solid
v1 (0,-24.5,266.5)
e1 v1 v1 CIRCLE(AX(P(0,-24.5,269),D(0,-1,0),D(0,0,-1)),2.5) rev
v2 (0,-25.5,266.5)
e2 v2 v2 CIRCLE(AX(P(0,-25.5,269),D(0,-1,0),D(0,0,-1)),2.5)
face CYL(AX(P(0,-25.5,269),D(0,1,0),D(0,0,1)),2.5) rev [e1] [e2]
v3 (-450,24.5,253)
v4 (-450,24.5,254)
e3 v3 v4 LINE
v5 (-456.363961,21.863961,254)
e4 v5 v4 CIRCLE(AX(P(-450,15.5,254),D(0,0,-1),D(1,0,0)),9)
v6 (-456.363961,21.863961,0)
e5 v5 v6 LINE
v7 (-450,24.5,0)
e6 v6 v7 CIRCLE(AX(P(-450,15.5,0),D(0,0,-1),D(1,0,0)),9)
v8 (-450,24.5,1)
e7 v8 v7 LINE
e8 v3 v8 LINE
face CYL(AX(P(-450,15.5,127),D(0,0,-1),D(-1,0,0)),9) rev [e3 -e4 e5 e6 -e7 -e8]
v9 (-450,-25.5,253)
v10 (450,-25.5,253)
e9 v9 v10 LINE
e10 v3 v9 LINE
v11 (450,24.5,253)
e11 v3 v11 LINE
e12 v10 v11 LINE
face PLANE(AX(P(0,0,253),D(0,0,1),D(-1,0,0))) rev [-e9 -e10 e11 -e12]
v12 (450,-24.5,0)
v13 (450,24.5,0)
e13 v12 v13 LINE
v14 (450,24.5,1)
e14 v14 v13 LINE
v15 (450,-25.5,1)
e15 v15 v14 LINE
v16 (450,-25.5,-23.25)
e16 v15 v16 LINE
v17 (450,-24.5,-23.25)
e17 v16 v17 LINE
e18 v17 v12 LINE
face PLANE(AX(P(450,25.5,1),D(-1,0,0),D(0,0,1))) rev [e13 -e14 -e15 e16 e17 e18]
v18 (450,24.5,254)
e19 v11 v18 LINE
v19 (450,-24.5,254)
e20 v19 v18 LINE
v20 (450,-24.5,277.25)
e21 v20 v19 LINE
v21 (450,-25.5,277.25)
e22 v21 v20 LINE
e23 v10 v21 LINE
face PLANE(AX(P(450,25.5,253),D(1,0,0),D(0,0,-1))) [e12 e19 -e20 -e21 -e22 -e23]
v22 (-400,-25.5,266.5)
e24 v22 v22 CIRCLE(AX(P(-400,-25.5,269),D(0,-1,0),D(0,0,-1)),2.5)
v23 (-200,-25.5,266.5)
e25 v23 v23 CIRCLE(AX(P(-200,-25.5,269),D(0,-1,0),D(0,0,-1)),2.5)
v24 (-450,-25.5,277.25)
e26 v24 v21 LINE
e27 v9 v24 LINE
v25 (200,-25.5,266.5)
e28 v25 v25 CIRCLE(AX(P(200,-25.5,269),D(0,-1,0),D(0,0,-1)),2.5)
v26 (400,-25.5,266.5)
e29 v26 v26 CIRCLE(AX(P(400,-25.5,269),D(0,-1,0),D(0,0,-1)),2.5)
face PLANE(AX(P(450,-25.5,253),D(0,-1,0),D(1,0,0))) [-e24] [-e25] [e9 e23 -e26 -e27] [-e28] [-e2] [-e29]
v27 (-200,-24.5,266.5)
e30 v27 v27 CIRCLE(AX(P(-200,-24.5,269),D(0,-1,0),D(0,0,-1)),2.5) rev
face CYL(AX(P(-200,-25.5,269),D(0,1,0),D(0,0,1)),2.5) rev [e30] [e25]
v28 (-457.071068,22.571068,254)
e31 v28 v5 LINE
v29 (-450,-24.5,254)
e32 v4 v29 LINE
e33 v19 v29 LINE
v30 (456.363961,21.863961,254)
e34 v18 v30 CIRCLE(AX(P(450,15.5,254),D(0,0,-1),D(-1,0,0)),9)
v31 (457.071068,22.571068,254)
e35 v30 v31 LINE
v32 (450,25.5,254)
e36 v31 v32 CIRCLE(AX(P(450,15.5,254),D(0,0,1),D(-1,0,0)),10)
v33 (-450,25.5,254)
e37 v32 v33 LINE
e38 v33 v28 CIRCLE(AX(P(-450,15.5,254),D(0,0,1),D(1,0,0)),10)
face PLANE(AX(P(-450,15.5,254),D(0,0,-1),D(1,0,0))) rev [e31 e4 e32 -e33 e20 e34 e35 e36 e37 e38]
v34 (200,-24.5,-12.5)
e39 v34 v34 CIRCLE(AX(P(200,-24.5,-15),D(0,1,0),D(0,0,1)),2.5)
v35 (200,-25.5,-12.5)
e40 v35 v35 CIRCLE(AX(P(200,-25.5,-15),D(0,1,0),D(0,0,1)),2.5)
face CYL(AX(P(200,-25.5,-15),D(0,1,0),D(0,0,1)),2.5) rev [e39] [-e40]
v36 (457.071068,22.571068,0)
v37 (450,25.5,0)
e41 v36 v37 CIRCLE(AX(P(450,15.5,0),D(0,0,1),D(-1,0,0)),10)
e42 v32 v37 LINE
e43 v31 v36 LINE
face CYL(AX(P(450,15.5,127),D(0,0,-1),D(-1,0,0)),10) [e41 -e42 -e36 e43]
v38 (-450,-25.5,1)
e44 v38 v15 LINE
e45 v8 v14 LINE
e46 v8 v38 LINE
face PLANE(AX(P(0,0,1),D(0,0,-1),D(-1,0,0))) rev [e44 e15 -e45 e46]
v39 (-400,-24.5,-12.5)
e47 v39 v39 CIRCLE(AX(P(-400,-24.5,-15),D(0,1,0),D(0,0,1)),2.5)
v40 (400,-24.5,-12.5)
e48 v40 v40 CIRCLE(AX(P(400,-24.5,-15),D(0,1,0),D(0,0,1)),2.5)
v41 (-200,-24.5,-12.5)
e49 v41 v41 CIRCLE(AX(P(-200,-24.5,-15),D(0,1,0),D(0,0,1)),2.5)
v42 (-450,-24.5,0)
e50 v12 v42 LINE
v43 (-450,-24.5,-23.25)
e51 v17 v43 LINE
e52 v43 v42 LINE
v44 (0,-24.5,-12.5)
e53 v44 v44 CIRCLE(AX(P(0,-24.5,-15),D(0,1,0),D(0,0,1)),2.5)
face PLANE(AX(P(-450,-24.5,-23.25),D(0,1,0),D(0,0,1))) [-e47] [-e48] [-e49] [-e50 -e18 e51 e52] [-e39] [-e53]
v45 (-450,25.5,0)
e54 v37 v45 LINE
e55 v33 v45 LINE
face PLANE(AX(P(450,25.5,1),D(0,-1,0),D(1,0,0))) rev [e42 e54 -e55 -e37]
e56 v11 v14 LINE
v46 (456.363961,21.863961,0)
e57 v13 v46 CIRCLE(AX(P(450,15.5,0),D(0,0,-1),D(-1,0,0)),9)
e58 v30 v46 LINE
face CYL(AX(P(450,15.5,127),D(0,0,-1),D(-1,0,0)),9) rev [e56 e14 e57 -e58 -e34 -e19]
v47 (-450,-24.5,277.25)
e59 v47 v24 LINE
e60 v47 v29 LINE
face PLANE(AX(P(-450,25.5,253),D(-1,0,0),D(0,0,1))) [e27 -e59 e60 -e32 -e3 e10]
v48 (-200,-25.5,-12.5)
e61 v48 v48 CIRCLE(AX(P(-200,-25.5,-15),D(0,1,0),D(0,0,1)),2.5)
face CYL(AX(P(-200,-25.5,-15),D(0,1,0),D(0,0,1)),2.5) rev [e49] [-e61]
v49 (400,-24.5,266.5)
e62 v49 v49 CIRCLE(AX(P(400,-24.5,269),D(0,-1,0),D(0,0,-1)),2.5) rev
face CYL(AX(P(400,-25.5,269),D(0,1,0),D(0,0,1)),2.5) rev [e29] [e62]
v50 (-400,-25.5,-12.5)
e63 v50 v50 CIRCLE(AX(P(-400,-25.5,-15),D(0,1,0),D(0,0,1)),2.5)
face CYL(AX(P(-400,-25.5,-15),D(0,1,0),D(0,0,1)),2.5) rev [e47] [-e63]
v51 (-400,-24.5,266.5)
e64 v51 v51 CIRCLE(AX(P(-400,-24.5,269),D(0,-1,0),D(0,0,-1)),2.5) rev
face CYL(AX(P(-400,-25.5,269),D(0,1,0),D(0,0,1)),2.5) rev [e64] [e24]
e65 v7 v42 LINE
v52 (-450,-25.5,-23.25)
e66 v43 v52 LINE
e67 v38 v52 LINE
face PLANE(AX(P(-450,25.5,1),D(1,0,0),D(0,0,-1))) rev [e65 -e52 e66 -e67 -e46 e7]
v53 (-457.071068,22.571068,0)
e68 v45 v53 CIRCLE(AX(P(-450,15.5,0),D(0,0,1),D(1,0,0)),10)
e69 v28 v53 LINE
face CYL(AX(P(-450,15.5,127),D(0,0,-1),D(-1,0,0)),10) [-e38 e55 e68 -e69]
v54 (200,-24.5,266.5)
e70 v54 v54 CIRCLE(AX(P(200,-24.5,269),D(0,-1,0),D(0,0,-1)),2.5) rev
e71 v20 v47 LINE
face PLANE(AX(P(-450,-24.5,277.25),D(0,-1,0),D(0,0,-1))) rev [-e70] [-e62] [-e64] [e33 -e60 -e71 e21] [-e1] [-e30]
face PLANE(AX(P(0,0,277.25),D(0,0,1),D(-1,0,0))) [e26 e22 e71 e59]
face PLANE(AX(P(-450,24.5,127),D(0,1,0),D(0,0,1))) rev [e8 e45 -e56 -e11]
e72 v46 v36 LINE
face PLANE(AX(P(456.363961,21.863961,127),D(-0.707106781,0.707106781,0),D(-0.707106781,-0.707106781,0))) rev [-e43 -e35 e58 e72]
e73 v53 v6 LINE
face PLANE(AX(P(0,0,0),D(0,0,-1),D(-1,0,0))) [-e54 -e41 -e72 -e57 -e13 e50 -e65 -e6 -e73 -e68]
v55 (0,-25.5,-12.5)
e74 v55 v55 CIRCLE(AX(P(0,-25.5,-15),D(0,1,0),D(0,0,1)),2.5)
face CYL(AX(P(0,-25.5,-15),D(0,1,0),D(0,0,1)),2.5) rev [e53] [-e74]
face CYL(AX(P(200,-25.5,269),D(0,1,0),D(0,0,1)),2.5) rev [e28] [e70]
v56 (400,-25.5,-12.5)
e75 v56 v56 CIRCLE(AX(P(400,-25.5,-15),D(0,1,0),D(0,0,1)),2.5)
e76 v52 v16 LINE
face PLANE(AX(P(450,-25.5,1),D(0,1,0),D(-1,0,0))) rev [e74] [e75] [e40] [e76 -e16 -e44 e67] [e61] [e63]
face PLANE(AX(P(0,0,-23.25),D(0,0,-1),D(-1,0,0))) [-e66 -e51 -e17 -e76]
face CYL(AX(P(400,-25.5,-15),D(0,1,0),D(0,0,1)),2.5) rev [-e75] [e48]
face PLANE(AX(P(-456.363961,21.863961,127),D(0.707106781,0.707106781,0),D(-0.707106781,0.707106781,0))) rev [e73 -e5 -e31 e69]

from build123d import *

# Parameters (mm, degrees)
SKETCH2_W               = 900
SKETCH2_H               = 51
BOSS_EXTRUDE1_DEPTH     = 1
SKETCH3_W               = 900
SKETCH3_H               = 1
BOSS_EXTRUDE2_DEPTH     = 23.25
BOSS_EXTRUDE3_START     = 1
SKETCH4_W               = 900
SKETCH4_H               = 1
BOSS_EXTRUDE3_DEPTH     = 126
SKETCH5_R               = 2.5
CUT_EXTRUDE1_DEPTH      = 469.272623586
LPATTERN2_COUNT         = 6
LPATTERN2_PITCH         = 200
BOSS_EXTRUDE4_DEPTH     = 127
BOSS_EXTRUDE5_DEPTH     = 127
MIRROR4_COPY_1_SKETCH_R = 2.5
MIRROR4_COPY_1_DEPTH    = 469.272623586
MIRROR4_COPY_2_SKETCH_R = 2.5
MIRROR4_COPY_2_DEPTH    = 469.272623586
MIRROR4_COPY_3_SKETCH_R = 2.5
MIRROR4_COPY_3_DEPTH    = 469.272623586
MIRROR4_COPY_4_SKETCH_R = 2.5
MIRROR4_COPY_4_DEPTH    = 469.272623586
MIRROR4_COPY_5_SKETCH_R = 2.5
MIRROR4_COPY_5_DEPTH    = 469.272623586


with BuildPart() as part:
    # Sketch2 → Boss-Extrude1 (new body)
    with BuildSketch(Plane.XY):
        Rectangle(SKETCH2_W, SKETCH2_H)
    boss_extrude1 = extrude(amount=BOSS_EXTRUDE1_DEPTH)

    # Sketch3 → Boss-Extrude2 (add)
    with BuildSketch(Plane.XY):
        with Locations((0, -25)):
            Rectangle(SKETCH3_W, SKETCH3_H)
    boss_extrude2 = extrude(amount=-BOSS_EXTRUDE2_DEPTH)

    # Sketch4 → Boss-Extrude3 (add)
    with BuildSketch(Plane.XY.offset(BOSS_EXTRUDE3_START)):
        with Locations((0, 25)):
            Rectangle(SKETCH4_W, SKETCH4_H)
    boss_extrude3 = extrude(amount=BOSS_EXTRUDE3_DEPTH)

    # Sketch5 → Cut-Extrude1 (cut, symmetric)
    with BuildSketch(Plane(origin=(0, 0, 0), x_dir=(1, 0, 0), z_dir=(0, 1, 0))):
        with Locations(Location((400, 15, 0), (0, 0, 270))):
            Circle(SKETCH5_R)
    cut_extrude1 = extrude(amount=CUT_EXTRUDE1_DEPTH, both=True, mode=Mode.SUBTRACT)

    # LPattern2: Cut-Extrude1 ×6
    with Locations(*[(-i * LPATTERN2_PITCH, 0, 0) for i in range(1, LPATTERN2_COUNT)]):
        add(cut_extrude1, mode=Mode.SUBTRACT)

    # Sketch7 → Boss-Extrude4 (add)
    with BuildSketch(Plane.XY):
        with BuildLine():
            Line((-450, 24.5), (-450, 25.5))
            ThreePointArc((-450, 25.5), (-453.826834324, 24.738795325), (-457.071067812, 22.571067812))
            Line((-457.071067812, 22.571067812), (-456.363961031, 21.863961031))
            ThreePointArc((-456.363961031, 21.863961031), (-453.444150891, 23.814915793), (-450, 24.5))
        make_face()
    boss_extrude4 = extrude(amount=BOSS_EXTRUDE4_DEPTH)

    # Sketch8 → Boss-Extrude5 (add)
    with BuildSketch(Plane.XY):
        with BuildLine():
            Line((456.363961031, 21.863961031), (457.071067812, 22.571067812))
            ThreePointArc((457.071067812, 22.571067812), (453.826834324, 24.738795325), (450, 25.5))
            Line((450, 25.5), (450, 24.5))
            ThreePointArc((450, 24.5), (453.444150891, 23.814915793), (456.363961031, 21.863961031))
        make_face()
    boss_extrude5 = extrude(amount=BOSS_EXTRUDE5_DEPTH)

    # Mirror2: Boss-Extrude3, Boss-Extrude4, Boss-Extrude5 across plane
    add(boss_extrude3.mirror(Plane.XY.offset(127)))
    add(boss_extrude4.mirror(Plane.XY.offset(127)))
    add(boss_extrude5.mirror(Plane.XY.offset(127)))

    # Mirror4: Boss-Extrude1, Boss-Extrude2, Cut-Extrude1 across plane
    add(boss_extrude1.mirror(Plane.XY.offset(127)))
    add(boss_extrude2.mirror(Plane.XY.offset(127)))
    add(cut_extrude1.mirror(Plane.XY.offset(127)), mode=Mode.SUBTRACT)

    # Mirror4 copy 1 sketch → Mirror4 copy 1 (cut, symmetric)
    with BuildSketch(Plane(origin=(-200, 0, 254), x_dir=(1, 0, 0), z_dir=(0, 1, 0))):
        with Locations((400, -15)):
            Circle(MIRROR4_COPY_1_SKETCH_R)
    extrude(amount=MIRROR4_COPY_1_DEPTH, both=True, mode=Mode.SUBTRACT)

    # Mirror4 copy 2 sketch → Mirror4 copy 2 (cut, symmetric)
    with BuildSketch(Plane(origin=(-400, 0, 254), x_dir=(1, 0, 0), z_dir=(0, 1, 0))):
        with Locations((400, -15)):
            Circle(MIRROR4_COPY_2_SKETCH_R)
    extrude(amount=MIRROR4_COPY_2_DEPTH, both=True, mode=Mode.SUBTRACT)

    # Mirror4 copy 3 sketch → Mirror4 copy 3 (cut, symmetric)
    with BuildSketch(Plane(origin=(-600, 0, 254), x_dir=(1, 0, 0), z_dir=(0, 1, 0))):
        with Locations((400, -15)):
            Circle(MIRROR4_COPY_3_SKETCH_R)
    extrude(amount=MIRROR4_COPY_3_DEPTH, both=True, mode=Mode.SUBTRACT)

    # Mirror4 copy 4 sketch → Mirror4 copy 4 (cut, symmetric)
    with BuildSketch(Plane(origin=(-800, 0, 254), x_dir=(1, 0, 0), z_dir=(0, 1, 0))):
        with Locations((400, -15)):
            Circle(MIRROR4_COPY_4_SKETCH_R)
    extrude(amount=MIRROR4_COPY_4_DEPTH, both=True, mode=Mode.SUBTRACT)

    # Mirror4 copy 5 sketch → Mirror4 copy 5 (cut, symmetric)
    with BuildSketch(Plane(origin=(-1000, 0, 254), x_dir=(1, 0, 0), z_dir=(0, 1, 0))):
        with Locations((400, -15)):
            Circle(MIRROR4_COPY_5_SKETCH_R)
    extrude(amount=MIRROR4_COPY_5_DEPTH, both=True, mode=Mode.SUBTRACT)


solid = part.part
